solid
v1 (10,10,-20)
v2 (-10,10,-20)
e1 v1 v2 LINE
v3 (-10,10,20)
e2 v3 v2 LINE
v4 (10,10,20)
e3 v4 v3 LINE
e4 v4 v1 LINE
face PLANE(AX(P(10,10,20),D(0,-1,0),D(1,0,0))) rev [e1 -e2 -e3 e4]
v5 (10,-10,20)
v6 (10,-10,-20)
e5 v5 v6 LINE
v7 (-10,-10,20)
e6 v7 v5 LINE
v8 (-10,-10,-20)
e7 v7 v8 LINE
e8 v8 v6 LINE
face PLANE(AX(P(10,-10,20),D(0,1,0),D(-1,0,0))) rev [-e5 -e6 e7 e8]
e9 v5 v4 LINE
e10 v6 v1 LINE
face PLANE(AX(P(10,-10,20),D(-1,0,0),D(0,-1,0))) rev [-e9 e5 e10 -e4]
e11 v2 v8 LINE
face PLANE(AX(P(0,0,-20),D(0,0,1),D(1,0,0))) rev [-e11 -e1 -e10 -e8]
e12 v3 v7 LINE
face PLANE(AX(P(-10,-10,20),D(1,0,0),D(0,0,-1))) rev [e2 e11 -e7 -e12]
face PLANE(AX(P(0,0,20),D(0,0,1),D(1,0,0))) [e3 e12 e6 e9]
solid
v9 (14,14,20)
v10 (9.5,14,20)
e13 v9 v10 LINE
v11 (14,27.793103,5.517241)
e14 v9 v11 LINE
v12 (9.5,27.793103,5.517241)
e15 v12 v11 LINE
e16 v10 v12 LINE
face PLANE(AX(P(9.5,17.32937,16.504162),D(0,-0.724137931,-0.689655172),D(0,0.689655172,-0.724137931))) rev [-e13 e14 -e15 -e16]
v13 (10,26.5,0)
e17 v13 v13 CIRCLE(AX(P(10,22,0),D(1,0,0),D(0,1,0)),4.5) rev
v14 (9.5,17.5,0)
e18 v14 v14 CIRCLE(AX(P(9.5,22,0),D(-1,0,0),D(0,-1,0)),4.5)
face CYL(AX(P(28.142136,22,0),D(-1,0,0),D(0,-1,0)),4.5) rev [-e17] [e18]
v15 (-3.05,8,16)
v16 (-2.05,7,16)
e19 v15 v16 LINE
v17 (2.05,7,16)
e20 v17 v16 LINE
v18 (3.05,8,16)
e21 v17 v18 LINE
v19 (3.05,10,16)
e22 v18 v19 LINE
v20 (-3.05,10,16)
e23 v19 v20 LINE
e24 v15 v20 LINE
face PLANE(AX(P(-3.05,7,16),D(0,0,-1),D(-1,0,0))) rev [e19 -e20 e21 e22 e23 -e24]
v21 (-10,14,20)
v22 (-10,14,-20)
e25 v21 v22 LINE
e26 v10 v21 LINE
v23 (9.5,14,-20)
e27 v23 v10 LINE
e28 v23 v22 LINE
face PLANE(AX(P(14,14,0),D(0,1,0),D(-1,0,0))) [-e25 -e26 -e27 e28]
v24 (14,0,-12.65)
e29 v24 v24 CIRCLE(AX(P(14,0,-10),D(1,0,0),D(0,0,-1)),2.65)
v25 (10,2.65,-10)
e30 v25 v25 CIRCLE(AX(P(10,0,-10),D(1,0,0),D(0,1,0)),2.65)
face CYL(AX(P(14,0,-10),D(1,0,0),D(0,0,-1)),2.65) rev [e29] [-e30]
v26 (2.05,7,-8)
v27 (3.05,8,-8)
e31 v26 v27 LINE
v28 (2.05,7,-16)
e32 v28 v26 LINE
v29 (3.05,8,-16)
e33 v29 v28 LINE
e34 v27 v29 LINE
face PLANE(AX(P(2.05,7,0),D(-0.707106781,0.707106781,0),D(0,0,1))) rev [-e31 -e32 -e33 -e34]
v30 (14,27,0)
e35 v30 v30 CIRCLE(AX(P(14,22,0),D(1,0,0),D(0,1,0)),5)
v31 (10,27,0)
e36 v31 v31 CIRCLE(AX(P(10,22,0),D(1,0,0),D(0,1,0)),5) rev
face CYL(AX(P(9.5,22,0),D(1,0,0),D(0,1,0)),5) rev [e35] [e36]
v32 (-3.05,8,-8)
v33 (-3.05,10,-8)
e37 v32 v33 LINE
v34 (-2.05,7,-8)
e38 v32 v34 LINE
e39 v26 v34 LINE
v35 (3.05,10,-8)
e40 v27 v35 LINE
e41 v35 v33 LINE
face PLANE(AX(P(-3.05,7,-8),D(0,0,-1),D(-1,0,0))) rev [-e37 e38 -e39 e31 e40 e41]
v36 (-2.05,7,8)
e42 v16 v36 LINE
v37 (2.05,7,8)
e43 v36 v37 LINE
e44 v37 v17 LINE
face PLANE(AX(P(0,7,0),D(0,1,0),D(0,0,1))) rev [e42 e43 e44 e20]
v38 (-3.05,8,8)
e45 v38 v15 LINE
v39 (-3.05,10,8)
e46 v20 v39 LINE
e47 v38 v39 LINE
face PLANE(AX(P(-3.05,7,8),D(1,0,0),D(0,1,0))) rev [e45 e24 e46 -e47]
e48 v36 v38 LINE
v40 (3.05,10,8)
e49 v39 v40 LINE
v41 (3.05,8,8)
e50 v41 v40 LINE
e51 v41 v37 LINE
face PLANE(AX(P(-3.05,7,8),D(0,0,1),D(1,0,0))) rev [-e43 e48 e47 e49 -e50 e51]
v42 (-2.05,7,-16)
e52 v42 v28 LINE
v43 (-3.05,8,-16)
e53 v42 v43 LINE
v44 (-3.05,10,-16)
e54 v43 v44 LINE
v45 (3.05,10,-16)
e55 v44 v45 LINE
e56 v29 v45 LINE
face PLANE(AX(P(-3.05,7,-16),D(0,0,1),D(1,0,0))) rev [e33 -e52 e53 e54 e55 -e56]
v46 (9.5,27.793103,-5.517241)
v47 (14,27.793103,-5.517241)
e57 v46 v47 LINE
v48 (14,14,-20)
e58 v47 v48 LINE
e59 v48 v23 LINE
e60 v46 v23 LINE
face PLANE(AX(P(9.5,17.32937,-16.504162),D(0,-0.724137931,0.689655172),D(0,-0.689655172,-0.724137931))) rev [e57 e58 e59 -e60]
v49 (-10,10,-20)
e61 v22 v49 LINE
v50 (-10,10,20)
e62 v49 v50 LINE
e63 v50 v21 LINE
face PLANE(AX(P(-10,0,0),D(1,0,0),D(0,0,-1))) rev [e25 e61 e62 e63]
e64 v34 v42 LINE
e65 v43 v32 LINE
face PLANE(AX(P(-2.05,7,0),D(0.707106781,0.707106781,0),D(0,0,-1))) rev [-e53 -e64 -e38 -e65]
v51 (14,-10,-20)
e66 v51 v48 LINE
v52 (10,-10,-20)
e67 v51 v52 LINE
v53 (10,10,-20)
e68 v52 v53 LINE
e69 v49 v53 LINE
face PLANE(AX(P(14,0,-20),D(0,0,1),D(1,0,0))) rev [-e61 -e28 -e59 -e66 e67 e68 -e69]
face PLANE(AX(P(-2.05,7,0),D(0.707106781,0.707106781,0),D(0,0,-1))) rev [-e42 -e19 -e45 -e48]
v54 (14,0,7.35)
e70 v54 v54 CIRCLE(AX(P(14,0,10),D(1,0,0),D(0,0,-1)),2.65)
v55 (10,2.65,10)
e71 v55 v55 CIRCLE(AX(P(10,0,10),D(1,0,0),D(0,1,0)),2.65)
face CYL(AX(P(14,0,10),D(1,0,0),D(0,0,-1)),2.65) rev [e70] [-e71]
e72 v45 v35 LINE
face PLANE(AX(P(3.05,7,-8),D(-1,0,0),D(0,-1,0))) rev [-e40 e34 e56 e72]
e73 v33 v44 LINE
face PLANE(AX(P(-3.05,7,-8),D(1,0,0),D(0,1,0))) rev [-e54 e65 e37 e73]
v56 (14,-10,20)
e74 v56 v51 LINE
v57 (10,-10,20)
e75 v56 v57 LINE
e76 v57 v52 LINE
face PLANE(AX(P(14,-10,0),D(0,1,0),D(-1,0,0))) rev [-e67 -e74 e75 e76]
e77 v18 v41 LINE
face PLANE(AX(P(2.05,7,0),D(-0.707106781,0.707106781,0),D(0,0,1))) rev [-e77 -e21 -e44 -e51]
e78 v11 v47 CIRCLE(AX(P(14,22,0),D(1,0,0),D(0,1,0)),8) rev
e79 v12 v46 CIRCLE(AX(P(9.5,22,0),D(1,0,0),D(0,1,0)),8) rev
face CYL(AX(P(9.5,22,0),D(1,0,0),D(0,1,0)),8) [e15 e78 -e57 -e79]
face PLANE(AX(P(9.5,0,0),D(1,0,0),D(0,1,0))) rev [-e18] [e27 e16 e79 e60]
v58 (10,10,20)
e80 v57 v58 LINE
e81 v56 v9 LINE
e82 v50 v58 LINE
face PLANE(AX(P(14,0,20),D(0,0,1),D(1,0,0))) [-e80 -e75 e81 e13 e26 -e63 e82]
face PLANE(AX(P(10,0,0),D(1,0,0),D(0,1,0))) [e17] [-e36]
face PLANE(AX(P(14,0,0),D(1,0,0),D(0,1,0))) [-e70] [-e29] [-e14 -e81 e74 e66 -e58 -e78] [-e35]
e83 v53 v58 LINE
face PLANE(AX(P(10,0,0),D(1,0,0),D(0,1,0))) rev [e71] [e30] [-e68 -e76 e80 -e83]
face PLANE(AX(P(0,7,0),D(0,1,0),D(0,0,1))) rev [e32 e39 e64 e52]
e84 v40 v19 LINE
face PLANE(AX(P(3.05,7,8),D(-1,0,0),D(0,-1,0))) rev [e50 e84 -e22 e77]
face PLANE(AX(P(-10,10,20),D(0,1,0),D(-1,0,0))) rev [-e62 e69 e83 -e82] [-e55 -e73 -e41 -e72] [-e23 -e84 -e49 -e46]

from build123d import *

# Parameters (mm, degrees)
SKETCH_2_W                 = 20
SKETCH_2_H                 = 20
EXTRUDE_1_DEPTH            = 20
SKETCH_3_W                 = 40
SKETCH_3_H                 = 24
EXTRUDE_2_DEPTH            = 4
SKETCH_5_W                 = 2.65
SKETCH_5_H                 = 24
HOLE_WIZARD_M51_AT_2_COUNT = 2
HOLE_WIZARD_M51_AT_2_PITCH = 20
SKETCH_6_W                 = 40
SKETCH_6_H                 = 4
EXTRUDE_3_DEPTH            = 20
SKETCH_7_W                 = 6.1
SKETCH_7_H                 = 8
EXTRUDE_4_DEPTH            = 3
CHAMFER_1_SIZE             = 1
SKETCH_8_R                 = 5
EXTRUDE_5_DEPTH            = 4.5
SKETCH_9_R                 = 5
SKETCH_9_R_2               = 4.5
EXTRUDE_6_DEPTH            = 0.5


with BuildPart() as part:
    # Эскиз2 → Бобышка-Вытянуть1 (new, symmetric)
    with BuildSketch(Plane.XY):
        Rectangle(SKETCH_2_W, SKETCH_2_H)
    extrude(amount=EXTRUDE_1_DEPTH, both=True)


with BuildPart() as body_2:
    # Эскиз3 → Бобышка-Вытянуть2 (new body)
    with BuildSketch(Plane(origin=(10, 0, 0), x_dir=(0, 0, -1), z_dir=(1, 0, 0))):
        with Locations((0, 2)):
            Rectangle(SKETCH_3_W, SKETCH_3_H)
    extrude(amount=EXTRUDE_2_DEPTH)

    # Эскиз5 → Отверстие с зазором M51 (revolve, cut)
    with BuildSketch(Plane(origin=(14, 0, 10), x_dir=(0, 0, -1), z_dir=(0, 1, 0))):
        with Locations((1.325, 12)):
            Rectangle(SKETCH_5_W, SKETCH_5_H)
    hole_wizard_m51 = revolve(axis=Axis((20.35, 0, 10), (-1, 0, 0)), mode=Mode.SUBTRACT)

    # Отверстие с зазором M51 at 2: Отверстие с зазором M51 ×2
    with Locations(*[(0, 0, -i * HOLE_WIZARD_M51_AT_2_PITCH) for i in range(1, HOLE_WIZARD_M51_AT_2_COUNT)]):
        add(hole_wizard_m51, mode=Mode.SUBTRACT)

    # Эскиз6 → Бобышка-Вытянуть3 (add)
    with BuildSketch(Plane.ZY.offset(-10)):
        with Locations((0, 12)):
            Rectangle(SKETCH_6_W, SKETCH_6_H)
    extrude(amount=EXTRUDE_3_DEPTH)

    # Эскиз7 → Бобышка-Вытянуть4 (add)
    with BuildSketch(Plane.XZ.offset(-10)):
        with Locations((0, 12)):
            Rectangle(SKETCH_7_W, SKETCH_7_H)
        with Locations((0, -12)):
            Rectangle(SKETCH_7_W, SKETCH_7_H)
    extrude(amount=EXTRUDE_4_DEPTH)

    # Фаска1
    chamfer_1_edges = [body_2.edges().sort_by_distance(p)[0] for p in [
        (-3.05, 7, 12),
        (3.05, 7, 12),
        (-3.05, 7, -12),
        (3.05, 7, -12),
    ]]
    chamfer(chamfer_1_edges, length=CHAMFER_1_SIZE)

    # Эскиз8 → Бобышка-Вытянуть5 (add)
    with BuildSketch(Plane(origin=(14, 0, 0), x_dir=(0, 0, -1), z_dir=(1, 0, 0))):
        with BuildLine():
            ThreePointArc((-5.517241379, 27.793103448), (0, 30), (5.517241379, 27.793103448))
            Line((5.517241379, 27.793103448), (20, 14))
            Line((20, 14), (-20, 14))
            Line((-20, 14), (-5.517241379, 27.793103448))
        make_face()
        with Locations(Location((0, 22, 0), (0, 0, 90))):
            Circle(SKETCH_8_R, mode=Mode.SUBTRACT)
    extrude(amount=-EXTRUDE_5_DEPTH)

    # Эскиз9 → Бобышка-Вытянуть6 (add)
    with BuildSketch(Plane.ZY.offset(-9.5)):
        with Locations(Location((0, 22, 0), (0, 0, 90))):
            Circle(SKETCH_9_R)
        with Locations(Location((0, 22, 0), (0, 0, 270))):
            Circle(SKETCH_9_R_2, mode=Mode.SUBTRACT)
    extrude(amount=-EXTRUDE_6_DEPTH)


solid = Compound([part.part, body_2.part])
